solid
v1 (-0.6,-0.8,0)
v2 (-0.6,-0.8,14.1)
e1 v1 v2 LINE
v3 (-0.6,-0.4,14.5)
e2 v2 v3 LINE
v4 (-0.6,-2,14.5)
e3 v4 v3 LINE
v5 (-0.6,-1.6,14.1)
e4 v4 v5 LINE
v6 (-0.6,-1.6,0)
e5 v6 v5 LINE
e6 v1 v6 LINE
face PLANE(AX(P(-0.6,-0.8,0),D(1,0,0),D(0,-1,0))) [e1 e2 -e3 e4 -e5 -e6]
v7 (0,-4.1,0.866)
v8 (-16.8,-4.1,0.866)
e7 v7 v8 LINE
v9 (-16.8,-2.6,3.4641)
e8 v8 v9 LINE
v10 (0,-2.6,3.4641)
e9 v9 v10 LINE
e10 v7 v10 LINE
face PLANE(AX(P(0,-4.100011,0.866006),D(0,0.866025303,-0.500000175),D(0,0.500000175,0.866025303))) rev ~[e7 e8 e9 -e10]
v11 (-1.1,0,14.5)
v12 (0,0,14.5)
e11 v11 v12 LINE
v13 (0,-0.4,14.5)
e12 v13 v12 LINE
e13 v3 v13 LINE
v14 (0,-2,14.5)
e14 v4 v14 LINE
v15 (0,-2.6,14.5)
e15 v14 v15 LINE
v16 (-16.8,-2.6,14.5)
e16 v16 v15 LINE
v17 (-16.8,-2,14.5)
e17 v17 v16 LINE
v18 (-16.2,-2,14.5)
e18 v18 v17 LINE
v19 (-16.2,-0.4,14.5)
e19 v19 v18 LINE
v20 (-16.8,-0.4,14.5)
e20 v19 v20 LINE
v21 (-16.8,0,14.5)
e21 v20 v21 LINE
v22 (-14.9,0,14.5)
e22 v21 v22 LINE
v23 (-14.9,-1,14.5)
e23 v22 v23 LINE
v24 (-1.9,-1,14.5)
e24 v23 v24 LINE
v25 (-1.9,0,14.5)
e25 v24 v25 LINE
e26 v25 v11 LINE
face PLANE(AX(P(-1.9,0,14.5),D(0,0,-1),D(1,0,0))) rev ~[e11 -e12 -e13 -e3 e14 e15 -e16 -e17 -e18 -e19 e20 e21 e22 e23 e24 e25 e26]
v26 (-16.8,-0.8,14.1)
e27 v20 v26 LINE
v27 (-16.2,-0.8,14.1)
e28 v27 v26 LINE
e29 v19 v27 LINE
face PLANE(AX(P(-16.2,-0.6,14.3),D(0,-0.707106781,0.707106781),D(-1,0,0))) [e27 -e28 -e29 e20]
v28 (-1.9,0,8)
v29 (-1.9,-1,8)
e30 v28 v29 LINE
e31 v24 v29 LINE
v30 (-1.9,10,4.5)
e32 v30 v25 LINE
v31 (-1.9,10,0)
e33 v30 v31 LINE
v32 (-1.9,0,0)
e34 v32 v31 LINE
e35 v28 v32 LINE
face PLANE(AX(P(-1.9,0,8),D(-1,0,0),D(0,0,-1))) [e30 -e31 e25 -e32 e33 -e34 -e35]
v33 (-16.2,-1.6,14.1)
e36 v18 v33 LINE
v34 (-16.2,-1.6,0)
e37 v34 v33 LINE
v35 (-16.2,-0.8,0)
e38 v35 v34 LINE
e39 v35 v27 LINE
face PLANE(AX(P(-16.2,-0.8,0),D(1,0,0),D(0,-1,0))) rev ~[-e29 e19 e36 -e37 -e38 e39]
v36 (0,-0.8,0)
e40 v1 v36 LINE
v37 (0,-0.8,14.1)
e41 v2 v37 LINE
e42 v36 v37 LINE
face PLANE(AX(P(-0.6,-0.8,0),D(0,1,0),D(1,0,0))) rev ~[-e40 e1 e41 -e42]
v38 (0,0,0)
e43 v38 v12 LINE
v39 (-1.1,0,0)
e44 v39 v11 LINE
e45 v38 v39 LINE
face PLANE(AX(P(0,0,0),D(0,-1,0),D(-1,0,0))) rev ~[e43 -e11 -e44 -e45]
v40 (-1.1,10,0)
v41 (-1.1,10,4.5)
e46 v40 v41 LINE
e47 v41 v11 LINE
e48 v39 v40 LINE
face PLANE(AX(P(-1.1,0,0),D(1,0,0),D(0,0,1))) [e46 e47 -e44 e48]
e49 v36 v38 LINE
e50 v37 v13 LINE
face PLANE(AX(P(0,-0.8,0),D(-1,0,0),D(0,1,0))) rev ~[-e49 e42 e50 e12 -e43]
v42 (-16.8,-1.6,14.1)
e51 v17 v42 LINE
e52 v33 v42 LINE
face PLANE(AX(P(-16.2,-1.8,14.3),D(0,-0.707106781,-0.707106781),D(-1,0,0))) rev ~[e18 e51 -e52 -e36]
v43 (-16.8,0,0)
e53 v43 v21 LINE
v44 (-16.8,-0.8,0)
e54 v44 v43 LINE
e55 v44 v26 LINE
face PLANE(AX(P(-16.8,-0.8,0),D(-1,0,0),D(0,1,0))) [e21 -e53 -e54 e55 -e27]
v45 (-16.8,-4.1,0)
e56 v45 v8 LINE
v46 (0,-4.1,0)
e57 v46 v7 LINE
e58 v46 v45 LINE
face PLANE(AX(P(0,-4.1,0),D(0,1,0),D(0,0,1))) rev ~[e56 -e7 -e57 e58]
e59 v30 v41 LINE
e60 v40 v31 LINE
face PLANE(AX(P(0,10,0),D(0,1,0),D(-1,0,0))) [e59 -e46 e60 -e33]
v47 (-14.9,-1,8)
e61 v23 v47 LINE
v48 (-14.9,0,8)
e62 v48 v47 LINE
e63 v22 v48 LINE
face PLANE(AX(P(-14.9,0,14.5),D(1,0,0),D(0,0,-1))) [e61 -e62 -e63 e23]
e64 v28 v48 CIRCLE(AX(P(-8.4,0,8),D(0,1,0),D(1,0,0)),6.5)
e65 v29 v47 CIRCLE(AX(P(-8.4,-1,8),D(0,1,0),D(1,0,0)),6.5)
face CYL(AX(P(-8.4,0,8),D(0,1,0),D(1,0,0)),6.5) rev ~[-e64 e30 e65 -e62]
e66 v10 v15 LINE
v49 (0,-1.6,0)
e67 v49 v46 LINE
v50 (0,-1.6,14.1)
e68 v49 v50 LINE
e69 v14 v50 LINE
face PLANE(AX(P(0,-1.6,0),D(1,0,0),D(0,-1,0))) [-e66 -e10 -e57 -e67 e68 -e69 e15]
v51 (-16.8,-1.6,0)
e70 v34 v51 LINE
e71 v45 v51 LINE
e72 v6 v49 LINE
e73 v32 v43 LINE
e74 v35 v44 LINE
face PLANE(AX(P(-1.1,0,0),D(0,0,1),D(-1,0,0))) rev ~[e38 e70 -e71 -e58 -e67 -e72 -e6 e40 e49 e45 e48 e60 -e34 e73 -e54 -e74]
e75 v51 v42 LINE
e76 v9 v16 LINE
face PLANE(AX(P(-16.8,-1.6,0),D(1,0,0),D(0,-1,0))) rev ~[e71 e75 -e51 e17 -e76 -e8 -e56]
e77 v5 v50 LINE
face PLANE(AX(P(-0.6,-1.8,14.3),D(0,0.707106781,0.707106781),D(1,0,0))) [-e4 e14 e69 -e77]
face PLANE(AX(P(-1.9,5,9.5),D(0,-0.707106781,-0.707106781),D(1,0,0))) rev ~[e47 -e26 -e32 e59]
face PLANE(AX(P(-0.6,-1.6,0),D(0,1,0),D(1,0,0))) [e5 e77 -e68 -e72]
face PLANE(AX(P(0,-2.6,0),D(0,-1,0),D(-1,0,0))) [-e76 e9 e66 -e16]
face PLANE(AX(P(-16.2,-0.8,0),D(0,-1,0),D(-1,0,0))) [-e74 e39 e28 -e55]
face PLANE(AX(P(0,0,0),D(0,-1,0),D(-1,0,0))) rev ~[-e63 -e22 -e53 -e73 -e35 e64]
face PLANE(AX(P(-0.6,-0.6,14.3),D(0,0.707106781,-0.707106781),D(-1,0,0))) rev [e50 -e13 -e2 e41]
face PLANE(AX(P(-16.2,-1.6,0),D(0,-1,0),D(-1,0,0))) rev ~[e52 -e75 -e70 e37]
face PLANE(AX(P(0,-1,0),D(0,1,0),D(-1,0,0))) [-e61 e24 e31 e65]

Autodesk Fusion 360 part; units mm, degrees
sketch "Sketch1" plane through (0, 0, 0) normal (0, 0, 1) x (1, 0, 0)
  line L0 (0, 0) -> (-0.9251, 0)
  line L1 (-0.6, -0.8) -> (0, -0.8)
  line L2 (0, -0.8) -> (0, 0)
  line L3 (-0.6, -0.8) -> (-0.6, -1.6)
  line L4 (-0.6, -1.6) -> (0, -1.6)
  line L5 (0, -1.6) -> (0, -2.6)
  line L6 (-8.4, -2.6) -> (-8.4, -0.0952)
  line L7 (-16.8, -1.6) -> (-16.8, -2.6)
  line L8 (-16.2, -1.6) -> (-16.8, -1.6)
  line L9 (-16.2, -0.8) -> (-16.2, -1.6)
  line L10 (-16.2, -0.8) -> (-16.8, -0.8)
  line L11 (-16.8, -0.8) -> (-16.8, 0)
  line L12 (-16.8, -2.6) -> (-8.4, -2.6)
  line L13 (-16.8, 0) -> (0, 0)
  line L14 (0, -2.6) -> (-16.8, -2.6)
  dimension "d1" = 1
  dimension "d2" = 0.8
  dimension "d3" = 0.8
  dimension "d4" = 0.6
  dimension "d6" = 16.8
extrude "Extrude1" add sketch "Sketch1" along normal blind 14.5
sketch "Sketch2" plane through (0, 0, 0) normal (1, 0, 0) x (0, 1, 0)
  line L0 (-2.6, 0) -> (-1.6, 0)
  line L1 (-1.6, 0) -> (-1.6, 14.5)
  line L2 (-1.6, 14.5) -> (-2.6, 14.5)
  line L3 (-2.6, 14.5) -> (-2.6, 0)
  line L4 (-2.6, 0) -> (-2.6, 14.5)
  line L5 (-1.6, 0) -> (-2.6, 0)
  line L6 (-2.6, 0) -> (-4.6, 0)
  line L7 (-4.6, 0) -> (-2.6, 3.4641)
  line L8 (-4.1, 0) -> (-4.1, 0.866)
  point P0 (-2.6, 0)
  dimension "d9" = 60
  dimension "d10" = 2
  dimension "d17" = 1.5
extrude "Extrude2" add sketch "Sketch2" against normal blind 16.8 contours L3 L4 L6 L7 L8
sketch "Sketch3" plane through (0, 0, 0) normal (0, 1, 0) x (-1, 0, 0)
  line L0 (0, 0) -> (16.8, 0)
  line L1 (16.8, 0) -> (16.8, 14.5)
  line L2 (16.8, 14.5) -> (0, 14.5)
  line L3 (0, 14.5) -> (0, 0)
  line L4 (0, 14.5) -> (16.8, 14.5)
  line L5 (8.4, 14.5) -> (8.4, 8) construction
  line L6 (1.9, 14.5) -> (1.9, 8)
  line L7 (14.9, 14.5) -> (14.9, 8)
  arc A0 (1.9, 8) -> (14.9, 8) centre (8.4, 8) ccw
  dimension "d13" = 6.5
  dimension "d14" = 13
extrude "Extrude3" cut sketch "Sketch3" against normal blind 1 contours L2 L4 L6 L7 A0
chamfer "Chamfer1" distance 0.4 angle 45 4 edges at (-16.5, -0.8, 14.5) (-16.5, -1.6, 14.5) (-0.3, -0.8, 14.5) (-0.3, -1.6, 14.5)
sketch "Sketch4" plane through (0, 0, 0) normal (0, 1, 0) x (-1, 0, 0)
  line L0 (1.9, 8) -> (1.9, 14.5)
  line L1 (1.9, 14.5) -> (0, 14.5)
  line L2 (0, 14.5) -> (0, 0)
  line L3 (0, 0) -> (16.8, 0)
  line L4 (16.8, 0) -> (16.8, 14.5)
  line L5 (16.8, 14.5) -> (14.9, 14.5)
  line L6 (14.9, 14.5) -> (14.9, 8)
  arc A0 (1.9, 8) -> (14.9, 8) centre (8.4, 8) ccw
  line L7 (1.9, 14.5) -> (1.9, 0)
  line L8 (1.1, 0) -> (1.1, 14.5)
  dimension "d19" = 0.8
extrude "Extrude4" add sketch "Sketch4" along normal blind 10 contours L0 L1 L3 L7 L8
chamfer "Chamfer2" distance 10 angle 45 1 edges at (-1.5, 10, 14.5)
